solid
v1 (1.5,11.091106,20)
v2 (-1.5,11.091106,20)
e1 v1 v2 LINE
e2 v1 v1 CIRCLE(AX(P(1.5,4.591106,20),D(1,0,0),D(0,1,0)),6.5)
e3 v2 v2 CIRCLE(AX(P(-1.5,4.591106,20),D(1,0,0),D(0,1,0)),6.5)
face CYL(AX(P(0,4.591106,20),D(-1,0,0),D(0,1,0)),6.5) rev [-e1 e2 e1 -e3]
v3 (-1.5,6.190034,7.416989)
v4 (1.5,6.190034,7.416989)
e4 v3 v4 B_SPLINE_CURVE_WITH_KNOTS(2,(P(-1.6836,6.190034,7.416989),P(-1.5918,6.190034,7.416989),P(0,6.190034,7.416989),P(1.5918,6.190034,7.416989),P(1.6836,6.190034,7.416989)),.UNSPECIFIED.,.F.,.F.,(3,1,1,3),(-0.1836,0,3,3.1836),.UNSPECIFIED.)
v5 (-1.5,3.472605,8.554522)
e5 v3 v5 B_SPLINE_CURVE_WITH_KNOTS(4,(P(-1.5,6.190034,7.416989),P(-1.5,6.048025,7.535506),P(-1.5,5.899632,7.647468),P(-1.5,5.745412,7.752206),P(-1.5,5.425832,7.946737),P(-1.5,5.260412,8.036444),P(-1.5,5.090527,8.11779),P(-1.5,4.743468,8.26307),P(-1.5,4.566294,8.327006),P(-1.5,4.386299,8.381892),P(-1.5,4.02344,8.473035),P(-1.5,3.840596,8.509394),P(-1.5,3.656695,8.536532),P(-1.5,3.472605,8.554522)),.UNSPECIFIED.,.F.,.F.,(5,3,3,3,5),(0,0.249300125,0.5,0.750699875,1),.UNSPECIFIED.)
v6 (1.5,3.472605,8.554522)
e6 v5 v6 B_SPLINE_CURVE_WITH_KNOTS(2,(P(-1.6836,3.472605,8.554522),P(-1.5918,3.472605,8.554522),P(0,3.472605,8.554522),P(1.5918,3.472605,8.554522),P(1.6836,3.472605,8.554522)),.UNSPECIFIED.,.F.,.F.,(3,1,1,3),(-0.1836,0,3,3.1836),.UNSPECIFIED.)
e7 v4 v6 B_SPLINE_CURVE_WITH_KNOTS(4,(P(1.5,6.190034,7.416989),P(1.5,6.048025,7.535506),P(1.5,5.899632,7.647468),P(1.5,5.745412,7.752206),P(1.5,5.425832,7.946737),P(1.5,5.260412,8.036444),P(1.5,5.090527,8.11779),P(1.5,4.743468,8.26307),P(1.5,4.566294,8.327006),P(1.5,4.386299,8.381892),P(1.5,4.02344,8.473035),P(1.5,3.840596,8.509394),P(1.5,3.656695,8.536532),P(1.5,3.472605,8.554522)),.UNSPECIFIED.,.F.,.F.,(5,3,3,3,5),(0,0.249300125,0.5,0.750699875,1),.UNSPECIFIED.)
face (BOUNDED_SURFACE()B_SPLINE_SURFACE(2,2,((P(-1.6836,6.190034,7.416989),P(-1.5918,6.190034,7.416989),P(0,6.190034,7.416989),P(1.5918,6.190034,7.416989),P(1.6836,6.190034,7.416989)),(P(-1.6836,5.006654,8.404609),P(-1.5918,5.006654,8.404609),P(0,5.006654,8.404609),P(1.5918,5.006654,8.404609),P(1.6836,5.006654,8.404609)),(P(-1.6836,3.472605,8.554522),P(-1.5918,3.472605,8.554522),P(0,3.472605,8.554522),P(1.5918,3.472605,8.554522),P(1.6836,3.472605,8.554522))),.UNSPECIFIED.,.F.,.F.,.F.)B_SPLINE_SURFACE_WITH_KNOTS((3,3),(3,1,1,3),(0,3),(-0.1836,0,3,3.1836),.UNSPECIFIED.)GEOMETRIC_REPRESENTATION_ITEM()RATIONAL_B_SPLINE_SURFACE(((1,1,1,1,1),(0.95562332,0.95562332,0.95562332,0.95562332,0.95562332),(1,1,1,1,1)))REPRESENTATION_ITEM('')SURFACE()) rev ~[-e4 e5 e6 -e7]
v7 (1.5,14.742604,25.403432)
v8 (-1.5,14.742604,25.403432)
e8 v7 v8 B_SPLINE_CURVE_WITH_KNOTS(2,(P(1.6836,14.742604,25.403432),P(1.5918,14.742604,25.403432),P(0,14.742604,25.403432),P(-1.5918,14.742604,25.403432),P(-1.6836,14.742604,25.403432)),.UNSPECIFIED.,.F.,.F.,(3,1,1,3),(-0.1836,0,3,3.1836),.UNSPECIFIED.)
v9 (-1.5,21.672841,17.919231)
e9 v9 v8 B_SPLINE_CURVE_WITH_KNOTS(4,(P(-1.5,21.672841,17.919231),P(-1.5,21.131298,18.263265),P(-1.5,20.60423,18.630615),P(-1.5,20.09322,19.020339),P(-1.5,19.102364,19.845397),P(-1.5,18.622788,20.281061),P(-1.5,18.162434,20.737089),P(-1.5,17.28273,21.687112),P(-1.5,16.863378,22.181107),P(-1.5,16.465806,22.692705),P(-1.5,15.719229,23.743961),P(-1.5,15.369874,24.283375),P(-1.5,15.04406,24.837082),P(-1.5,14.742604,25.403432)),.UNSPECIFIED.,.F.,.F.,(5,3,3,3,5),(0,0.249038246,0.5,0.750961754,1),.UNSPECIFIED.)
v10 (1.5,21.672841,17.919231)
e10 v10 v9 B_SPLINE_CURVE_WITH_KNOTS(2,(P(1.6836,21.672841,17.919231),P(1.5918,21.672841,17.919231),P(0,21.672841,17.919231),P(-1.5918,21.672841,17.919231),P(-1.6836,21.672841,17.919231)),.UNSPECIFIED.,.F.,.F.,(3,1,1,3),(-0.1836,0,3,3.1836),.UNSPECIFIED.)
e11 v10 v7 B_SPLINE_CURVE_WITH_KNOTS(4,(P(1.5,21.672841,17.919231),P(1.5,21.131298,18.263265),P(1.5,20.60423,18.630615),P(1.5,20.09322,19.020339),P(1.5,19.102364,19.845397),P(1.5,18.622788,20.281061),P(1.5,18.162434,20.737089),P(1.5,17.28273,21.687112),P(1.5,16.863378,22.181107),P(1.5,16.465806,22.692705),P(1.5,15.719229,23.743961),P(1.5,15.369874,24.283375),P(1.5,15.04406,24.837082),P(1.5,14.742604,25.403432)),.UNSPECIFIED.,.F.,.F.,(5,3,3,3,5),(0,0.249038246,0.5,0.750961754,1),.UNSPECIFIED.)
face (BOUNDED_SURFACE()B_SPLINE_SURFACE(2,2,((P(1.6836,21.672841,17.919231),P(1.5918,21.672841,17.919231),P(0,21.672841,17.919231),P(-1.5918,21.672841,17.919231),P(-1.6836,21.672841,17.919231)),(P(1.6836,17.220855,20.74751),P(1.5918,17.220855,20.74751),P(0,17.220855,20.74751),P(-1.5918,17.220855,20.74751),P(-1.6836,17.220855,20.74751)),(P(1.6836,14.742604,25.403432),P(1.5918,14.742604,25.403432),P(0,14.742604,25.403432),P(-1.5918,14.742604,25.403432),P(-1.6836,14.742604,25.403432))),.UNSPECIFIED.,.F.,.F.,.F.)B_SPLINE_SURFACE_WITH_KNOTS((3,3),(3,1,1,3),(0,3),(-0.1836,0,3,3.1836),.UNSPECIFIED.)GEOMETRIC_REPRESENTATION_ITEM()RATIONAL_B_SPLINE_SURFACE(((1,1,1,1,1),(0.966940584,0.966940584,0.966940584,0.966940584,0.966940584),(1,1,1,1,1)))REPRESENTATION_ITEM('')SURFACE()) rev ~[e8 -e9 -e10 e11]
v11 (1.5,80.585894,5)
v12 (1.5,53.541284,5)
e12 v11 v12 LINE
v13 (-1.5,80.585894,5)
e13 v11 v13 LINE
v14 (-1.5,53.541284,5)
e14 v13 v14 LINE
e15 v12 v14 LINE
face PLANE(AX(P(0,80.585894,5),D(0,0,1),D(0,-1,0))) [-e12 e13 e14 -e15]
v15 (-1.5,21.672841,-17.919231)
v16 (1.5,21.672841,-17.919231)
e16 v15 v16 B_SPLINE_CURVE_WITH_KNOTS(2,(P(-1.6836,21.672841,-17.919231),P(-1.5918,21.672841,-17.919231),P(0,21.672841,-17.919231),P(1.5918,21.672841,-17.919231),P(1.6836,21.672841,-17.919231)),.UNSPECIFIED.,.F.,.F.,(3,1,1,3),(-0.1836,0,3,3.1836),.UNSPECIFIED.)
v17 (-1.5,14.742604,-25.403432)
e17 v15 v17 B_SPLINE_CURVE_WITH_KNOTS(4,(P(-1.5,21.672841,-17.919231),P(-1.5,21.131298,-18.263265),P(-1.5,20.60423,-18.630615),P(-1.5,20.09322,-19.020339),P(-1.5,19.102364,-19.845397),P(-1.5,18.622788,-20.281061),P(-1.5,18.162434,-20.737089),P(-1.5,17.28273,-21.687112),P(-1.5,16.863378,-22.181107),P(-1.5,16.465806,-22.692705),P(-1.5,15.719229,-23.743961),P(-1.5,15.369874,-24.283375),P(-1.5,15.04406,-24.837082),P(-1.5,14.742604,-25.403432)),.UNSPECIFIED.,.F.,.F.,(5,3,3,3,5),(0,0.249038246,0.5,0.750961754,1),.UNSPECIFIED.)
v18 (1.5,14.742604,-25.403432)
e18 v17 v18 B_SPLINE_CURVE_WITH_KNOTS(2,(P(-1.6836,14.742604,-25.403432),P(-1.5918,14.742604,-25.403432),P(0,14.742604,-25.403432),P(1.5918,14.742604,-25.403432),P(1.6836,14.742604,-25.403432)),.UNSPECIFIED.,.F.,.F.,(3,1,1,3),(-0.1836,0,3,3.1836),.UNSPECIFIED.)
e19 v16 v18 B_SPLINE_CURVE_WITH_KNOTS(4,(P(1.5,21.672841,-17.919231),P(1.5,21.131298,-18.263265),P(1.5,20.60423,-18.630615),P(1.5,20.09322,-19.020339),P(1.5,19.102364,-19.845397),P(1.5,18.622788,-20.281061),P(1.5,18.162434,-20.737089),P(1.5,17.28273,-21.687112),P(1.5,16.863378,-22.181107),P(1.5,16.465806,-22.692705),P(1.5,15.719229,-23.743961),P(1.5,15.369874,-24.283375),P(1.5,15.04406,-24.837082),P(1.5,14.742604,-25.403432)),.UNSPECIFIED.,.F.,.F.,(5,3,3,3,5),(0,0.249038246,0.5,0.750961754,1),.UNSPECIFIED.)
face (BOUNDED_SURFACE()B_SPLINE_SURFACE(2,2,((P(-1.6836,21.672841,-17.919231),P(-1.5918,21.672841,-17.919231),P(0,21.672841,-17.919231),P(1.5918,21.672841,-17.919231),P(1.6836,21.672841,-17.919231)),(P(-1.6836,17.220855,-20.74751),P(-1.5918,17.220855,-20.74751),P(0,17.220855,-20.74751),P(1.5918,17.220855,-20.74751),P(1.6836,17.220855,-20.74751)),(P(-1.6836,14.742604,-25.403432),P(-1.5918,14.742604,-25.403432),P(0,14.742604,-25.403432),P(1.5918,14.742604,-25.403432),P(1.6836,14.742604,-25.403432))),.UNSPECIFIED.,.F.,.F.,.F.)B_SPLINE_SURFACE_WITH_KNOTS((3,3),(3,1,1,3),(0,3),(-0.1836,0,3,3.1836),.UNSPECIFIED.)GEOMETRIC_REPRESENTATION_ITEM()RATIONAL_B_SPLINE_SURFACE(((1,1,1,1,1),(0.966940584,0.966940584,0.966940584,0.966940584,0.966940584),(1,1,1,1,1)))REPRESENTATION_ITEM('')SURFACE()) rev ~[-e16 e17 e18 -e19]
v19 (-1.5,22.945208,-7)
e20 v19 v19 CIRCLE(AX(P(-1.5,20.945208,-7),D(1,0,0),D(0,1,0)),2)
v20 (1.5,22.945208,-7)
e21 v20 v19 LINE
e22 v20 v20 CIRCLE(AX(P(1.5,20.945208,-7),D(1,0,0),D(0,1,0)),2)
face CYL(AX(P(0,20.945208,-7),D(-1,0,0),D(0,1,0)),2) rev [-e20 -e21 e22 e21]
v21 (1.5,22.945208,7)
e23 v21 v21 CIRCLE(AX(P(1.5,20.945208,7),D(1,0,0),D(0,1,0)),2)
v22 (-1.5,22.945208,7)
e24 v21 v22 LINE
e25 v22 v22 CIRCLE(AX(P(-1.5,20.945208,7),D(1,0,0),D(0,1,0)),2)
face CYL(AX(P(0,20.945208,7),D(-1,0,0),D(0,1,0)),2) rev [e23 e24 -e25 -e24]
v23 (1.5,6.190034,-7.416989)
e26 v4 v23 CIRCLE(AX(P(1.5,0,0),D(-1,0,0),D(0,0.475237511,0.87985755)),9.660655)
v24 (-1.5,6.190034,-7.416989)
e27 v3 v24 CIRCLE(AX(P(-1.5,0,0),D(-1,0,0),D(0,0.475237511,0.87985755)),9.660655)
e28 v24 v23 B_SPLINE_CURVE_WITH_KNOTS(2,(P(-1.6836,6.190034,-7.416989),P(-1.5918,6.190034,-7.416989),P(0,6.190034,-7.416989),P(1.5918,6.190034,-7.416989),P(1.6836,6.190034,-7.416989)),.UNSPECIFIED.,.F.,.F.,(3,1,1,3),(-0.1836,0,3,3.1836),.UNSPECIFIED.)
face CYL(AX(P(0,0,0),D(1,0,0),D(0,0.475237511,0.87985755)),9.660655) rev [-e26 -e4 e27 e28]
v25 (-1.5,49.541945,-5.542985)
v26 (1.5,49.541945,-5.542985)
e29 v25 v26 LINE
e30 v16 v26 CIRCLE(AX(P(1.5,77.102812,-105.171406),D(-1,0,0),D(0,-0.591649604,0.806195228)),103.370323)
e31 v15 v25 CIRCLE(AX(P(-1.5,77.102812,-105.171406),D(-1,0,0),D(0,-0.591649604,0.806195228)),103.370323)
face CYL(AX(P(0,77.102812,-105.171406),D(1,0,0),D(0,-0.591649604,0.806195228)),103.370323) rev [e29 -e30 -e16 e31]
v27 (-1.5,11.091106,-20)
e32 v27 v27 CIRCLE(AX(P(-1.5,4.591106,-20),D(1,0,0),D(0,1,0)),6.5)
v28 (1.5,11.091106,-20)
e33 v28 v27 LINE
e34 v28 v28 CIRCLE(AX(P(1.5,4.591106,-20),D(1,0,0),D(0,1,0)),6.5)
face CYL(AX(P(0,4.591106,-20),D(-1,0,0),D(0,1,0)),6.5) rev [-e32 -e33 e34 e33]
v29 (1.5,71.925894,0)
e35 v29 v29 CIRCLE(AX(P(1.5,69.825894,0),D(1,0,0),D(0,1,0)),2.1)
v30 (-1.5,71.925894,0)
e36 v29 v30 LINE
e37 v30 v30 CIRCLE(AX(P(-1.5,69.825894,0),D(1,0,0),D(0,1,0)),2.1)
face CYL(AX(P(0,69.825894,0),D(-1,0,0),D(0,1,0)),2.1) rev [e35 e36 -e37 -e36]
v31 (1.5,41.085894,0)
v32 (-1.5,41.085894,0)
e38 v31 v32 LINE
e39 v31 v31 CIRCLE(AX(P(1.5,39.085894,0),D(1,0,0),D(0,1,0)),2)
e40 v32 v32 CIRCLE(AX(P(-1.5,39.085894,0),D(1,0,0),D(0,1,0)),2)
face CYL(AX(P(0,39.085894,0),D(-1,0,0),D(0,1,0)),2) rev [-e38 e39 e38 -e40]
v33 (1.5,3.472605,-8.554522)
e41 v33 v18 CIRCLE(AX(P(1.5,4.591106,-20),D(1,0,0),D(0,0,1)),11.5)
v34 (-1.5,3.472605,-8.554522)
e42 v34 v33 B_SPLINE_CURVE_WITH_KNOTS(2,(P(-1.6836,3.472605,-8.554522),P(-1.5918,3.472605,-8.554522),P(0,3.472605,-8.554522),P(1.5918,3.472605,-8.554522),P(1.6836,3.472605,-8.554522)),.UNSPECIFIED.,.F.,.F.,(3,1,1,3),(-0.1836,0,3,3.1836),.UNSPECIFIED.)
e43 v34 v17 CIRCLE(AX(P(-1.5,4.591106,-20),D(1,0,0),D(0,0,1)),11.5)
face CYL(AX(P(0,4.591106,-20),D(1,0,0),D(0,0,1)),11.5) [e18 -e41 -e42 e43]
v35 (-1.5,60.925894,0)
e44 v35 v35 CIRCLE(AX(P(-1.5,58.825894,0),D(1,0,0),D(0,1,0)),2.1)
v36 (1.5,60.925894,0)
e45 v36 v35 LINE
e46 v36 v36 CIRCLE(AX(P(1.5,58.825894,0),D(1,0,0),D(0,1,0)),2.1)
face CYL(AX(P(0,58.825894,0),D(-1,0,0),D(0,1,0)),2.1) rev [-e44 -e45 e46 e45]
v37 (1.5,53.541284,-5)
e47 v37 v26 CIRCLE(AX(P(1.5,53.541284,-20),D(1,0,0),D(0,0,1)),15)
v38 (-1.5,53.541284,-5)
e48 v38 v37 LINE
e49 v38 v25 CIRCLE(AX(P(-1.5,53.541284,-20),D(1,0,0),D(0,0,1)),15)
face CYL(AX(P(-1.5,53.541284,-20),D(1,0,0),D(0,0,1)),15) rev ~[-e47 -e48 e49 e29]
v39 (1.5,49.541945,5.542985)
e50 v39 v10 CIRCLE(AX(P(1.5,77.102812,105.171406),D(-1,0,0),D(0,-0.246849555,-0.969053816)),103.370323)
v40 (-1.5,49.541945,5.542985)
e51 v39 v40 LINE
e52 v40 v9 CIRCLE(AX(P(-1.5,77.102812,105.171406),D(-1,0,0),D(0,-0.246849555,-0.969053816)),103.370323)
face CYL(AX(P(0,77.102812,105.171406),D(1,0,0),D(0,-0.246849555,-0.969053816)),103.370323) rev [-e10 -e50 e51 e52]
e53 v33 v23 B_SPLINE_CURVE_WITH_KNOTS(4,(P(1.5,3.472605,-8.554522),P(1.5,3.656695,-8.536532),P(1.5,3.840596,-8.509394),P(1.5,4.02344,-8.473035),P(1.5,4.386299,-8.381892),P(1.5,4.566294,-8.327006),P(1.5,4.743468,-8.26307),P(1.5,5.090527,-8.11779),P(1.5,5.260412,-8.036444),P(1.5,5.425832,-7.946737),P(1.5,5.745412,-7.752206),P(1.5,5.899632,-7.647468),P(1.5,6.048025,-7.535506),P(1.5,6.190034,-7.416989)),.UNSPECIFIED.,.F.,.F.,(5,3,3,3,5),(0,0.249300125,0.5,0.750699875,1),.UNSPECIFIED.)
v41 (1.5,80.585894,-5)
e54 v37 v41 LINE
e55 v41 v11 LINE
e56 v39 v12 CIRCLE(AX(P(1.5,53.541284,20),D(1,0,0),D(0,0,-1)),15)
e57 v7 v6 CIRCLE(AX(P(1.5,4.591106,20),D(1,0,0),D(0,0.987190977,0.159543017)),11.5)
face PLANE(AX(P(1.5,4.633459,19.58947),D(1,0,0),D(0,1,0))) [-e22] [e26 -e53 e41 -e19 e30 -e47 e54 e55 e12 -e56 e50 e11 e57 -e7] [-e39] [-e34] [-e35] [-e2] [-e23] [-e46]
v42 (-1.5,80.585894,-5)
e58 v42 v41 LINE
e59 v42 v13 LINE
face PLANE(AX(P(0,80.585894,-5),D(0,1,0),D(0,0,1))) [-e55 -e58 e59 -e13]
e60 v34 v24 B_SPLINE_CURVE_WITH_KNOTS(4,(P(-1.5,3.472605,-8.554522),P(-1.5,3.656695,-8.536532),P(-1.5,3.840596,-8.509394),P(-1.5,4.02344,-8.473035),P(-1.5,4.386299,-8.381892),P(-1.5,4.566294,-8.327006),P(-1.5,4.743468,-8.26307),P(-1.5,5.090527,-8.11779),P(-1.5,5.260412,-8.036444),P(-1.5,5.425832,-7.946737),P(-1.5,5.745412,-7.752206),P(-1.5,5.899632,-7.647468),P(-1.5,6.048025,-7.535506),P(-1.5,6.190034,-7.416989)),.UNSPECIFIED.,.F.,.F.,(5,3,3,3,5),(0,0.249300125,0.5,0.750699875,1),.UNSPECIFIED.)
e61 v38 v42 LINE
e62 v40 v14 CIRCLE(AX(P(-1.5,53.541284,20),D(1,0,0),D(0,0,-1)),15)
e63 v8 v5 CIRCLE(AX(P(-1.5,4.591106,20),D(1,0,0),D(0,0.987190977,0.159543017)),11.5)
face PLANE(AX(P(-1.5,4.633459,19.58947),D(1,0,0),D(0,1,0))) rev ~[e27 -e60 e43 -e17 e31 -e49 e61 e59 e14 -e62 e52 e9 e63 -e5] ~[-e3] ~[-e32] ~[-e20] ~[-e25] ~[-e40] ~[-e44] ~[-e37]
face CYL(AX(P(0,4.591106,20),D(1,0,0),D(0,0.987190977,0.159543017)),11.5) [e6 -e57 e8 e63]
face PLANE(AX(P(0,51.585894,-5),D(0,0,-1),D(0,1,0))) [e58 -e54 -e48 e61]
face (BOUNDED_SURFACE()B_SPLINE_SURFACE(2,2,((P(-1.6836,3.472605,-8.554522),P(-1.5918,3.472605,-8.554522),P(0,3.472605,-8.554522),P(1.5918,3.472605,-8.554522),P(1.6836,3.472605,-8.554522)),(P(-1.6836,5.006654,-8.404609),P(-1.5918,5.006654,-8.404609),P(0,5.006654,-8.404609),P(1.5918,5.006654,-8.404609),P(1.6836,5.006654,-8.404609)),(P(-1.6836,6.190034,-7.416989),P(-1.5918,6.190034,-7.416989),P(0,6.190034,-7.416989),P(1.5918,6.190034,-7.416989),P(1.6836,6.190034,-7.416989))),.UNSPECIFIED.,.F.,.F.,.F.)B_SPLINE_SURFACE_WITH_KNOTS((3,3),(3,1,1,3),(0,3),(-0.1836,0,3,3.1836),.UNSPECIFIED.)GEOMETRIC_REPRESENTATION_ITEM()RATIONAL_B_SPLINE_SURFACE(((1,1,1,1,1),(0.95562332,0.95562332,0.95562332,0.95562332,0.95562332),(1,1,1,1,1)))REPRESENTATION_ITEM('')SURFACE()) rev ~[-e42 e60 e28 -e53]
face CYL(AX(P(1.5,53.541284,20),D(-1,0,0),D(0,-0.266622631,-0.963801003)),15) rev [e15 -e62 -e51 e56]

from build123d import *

# Parameters (mm, degrees)
F0_R     = 6.5
F0_R_2   = 2
F0_R_3   = 2.1
F1_DEPTH = 1.5
F2_R     = 15
F3_R     = 20
F4_R     = 5


with BuildPart() as f1:
    # F0 (on Right) → F1 (new body, symmetric)
    with BuildSketch(Plane.YZ):
        with BuildLine():
            ThreePointArc((15.9438017453, 21.8347446946), (10.092966313, 26.4624215835), (4.5911055058, 31.5))
            ThreePointArc((4.5911055058, 31.5), (-6.9088944942, 20), (4.5911055058, 8.5))
            ThreePointArc((4.5911055058, 8.5), (12.7228334895, 11.8682720164), (16.0911055058, 20))
            ThreePointArc((16.0911055058, 20), (16.0542204131, 20.9203241946), (15.9438017453, 21.8347446946))
        make_face()
        with Locations((4.5911055058, 20)):
            Circle(F0_R, mode=Mode.SUBTRACT)
        with BuildLine():
            ThreePointArc((15.9438017453, 21.8347446946), (12.0459843114, 28.7564137633), (4.5911055058, 31.5))
            ThreePointArc((4.5911055058, 31.5), (10.092966313, 26.4624215835), (15.9438017453, 21.8347446946))
        make_face()
        with BuildLine():
            ThreePointArc((16.0911055058, 20), (12.7228334895, 11.8682720164), (4.5911055058, 8.5))
            ThreePointArc((4.5911055058, 8.5), (9.6606547276, 0), (4.5911055058, -8.5))
            ThreePointArc((4.5911055058, -8.5), (12.7228334895, -11.8682720164), (16.0911055058, -20))
            ThreePointArc((16.0911055058, -20), (16.0542204131, -20.9203241946), (15.9438017453, -21.8347446946))
            ThreePointArc((15.9438017453, -21.8347446946), (32.9549775317, -11.7027354234), (51.585894078, -5))
            Line((51.585894078, -5), (80.585894078, -5))
            Line((80.585894078, -5), (80.585894078, 5))
            Line((80.585894078, 5), (51.585894078, 5))
            ThreePointArc((51.585894078, 5), (32.9549775317, 11.7027354234), (15.9438017453, 21.8347446946))
            ThreePointArc((15.9438017453, 21.8347446946), (16.0542204131, 20.9203241946), (16.0911055058, 20))
        make_face()
        with Locations((20.9452081472, -7)):
            Circle(F0_R_2, mode=Mode.SUBTRACT)
        with Locations((20.9452081472, 7)):
            Circle(F0_R_2, mode=Mode.SUBTRACT)
        with Locations((39.085894078, 0)):
            Circle(F0_R_2, mode=Mode.SUBTRACT)
        with Locations((58.825894078, 0)):
            Circle(F0_R_3, mode=Mode.SUBTRACT)
        with Locations((69.825894078, 0)):
            Circle(F0_R_3, mode=Mode.SUBTRACT)
        with BuildLine():
            ThreePointArc((16.0911055058, -20), (12.7228334895, -11.8682720164), (4.5911055058, -8.5))
            ThreePointArc((4.5911055058, -8.5), (-6.9088944942, -20), (4.5911055058, -31.5))
            ThreePointArc((4.5911055058, -31.5), (10.092966313, -26.4624215835), (15.9438017453, -21.8347446946))
            ThreePointArc((15.9438017453, -21.8347446946), (16.0542204131, -20.9203241946), (16.0911055058, -20))
        make_face()
        with Locations((4.5911055058, -20)):
            Circle(F0_R, mode=Mode.SUBTRACT)
        with BuildLine():
            ThreePointArc((15.9438017453, -21.8347446946), (10.092966313, -26.4624215835), (4.5911055058, -31.5))
            ThreePointArc((4.5911055058, -31.5), (12.0459843114, -28.7564137633), (15.9438017453, -21.8347446946))
        make_face()
    extrude(amount=F1_DEPTH, both=True)

    # F2
    f2_edges = [f1.edges().sort_by_distance(p)[0] for p in [
        (0, 51.585894, -5),
        (0, 51.585894, 5),
    ]]
    fillet(f2_edges, radius=F2_R)

    # F3
    f3_edges = [f1.edges().sort_by_distance(p)[0] for p in [
        (0, 15.943802, -21.834745),
        (0, 15.943802, 21.834745),
    ]]
    fillet(f3_edges, radius=F3_R)

    # F4
    f4_edges = [f1.edges().sort_by_distance(p)[0] for p in [
        (0, 4.591106, 8.5),
        (0, 4.591106, -8.5),
    ]]
    fillet(f4_edges, radius=F4_R)


solid = f1.part
